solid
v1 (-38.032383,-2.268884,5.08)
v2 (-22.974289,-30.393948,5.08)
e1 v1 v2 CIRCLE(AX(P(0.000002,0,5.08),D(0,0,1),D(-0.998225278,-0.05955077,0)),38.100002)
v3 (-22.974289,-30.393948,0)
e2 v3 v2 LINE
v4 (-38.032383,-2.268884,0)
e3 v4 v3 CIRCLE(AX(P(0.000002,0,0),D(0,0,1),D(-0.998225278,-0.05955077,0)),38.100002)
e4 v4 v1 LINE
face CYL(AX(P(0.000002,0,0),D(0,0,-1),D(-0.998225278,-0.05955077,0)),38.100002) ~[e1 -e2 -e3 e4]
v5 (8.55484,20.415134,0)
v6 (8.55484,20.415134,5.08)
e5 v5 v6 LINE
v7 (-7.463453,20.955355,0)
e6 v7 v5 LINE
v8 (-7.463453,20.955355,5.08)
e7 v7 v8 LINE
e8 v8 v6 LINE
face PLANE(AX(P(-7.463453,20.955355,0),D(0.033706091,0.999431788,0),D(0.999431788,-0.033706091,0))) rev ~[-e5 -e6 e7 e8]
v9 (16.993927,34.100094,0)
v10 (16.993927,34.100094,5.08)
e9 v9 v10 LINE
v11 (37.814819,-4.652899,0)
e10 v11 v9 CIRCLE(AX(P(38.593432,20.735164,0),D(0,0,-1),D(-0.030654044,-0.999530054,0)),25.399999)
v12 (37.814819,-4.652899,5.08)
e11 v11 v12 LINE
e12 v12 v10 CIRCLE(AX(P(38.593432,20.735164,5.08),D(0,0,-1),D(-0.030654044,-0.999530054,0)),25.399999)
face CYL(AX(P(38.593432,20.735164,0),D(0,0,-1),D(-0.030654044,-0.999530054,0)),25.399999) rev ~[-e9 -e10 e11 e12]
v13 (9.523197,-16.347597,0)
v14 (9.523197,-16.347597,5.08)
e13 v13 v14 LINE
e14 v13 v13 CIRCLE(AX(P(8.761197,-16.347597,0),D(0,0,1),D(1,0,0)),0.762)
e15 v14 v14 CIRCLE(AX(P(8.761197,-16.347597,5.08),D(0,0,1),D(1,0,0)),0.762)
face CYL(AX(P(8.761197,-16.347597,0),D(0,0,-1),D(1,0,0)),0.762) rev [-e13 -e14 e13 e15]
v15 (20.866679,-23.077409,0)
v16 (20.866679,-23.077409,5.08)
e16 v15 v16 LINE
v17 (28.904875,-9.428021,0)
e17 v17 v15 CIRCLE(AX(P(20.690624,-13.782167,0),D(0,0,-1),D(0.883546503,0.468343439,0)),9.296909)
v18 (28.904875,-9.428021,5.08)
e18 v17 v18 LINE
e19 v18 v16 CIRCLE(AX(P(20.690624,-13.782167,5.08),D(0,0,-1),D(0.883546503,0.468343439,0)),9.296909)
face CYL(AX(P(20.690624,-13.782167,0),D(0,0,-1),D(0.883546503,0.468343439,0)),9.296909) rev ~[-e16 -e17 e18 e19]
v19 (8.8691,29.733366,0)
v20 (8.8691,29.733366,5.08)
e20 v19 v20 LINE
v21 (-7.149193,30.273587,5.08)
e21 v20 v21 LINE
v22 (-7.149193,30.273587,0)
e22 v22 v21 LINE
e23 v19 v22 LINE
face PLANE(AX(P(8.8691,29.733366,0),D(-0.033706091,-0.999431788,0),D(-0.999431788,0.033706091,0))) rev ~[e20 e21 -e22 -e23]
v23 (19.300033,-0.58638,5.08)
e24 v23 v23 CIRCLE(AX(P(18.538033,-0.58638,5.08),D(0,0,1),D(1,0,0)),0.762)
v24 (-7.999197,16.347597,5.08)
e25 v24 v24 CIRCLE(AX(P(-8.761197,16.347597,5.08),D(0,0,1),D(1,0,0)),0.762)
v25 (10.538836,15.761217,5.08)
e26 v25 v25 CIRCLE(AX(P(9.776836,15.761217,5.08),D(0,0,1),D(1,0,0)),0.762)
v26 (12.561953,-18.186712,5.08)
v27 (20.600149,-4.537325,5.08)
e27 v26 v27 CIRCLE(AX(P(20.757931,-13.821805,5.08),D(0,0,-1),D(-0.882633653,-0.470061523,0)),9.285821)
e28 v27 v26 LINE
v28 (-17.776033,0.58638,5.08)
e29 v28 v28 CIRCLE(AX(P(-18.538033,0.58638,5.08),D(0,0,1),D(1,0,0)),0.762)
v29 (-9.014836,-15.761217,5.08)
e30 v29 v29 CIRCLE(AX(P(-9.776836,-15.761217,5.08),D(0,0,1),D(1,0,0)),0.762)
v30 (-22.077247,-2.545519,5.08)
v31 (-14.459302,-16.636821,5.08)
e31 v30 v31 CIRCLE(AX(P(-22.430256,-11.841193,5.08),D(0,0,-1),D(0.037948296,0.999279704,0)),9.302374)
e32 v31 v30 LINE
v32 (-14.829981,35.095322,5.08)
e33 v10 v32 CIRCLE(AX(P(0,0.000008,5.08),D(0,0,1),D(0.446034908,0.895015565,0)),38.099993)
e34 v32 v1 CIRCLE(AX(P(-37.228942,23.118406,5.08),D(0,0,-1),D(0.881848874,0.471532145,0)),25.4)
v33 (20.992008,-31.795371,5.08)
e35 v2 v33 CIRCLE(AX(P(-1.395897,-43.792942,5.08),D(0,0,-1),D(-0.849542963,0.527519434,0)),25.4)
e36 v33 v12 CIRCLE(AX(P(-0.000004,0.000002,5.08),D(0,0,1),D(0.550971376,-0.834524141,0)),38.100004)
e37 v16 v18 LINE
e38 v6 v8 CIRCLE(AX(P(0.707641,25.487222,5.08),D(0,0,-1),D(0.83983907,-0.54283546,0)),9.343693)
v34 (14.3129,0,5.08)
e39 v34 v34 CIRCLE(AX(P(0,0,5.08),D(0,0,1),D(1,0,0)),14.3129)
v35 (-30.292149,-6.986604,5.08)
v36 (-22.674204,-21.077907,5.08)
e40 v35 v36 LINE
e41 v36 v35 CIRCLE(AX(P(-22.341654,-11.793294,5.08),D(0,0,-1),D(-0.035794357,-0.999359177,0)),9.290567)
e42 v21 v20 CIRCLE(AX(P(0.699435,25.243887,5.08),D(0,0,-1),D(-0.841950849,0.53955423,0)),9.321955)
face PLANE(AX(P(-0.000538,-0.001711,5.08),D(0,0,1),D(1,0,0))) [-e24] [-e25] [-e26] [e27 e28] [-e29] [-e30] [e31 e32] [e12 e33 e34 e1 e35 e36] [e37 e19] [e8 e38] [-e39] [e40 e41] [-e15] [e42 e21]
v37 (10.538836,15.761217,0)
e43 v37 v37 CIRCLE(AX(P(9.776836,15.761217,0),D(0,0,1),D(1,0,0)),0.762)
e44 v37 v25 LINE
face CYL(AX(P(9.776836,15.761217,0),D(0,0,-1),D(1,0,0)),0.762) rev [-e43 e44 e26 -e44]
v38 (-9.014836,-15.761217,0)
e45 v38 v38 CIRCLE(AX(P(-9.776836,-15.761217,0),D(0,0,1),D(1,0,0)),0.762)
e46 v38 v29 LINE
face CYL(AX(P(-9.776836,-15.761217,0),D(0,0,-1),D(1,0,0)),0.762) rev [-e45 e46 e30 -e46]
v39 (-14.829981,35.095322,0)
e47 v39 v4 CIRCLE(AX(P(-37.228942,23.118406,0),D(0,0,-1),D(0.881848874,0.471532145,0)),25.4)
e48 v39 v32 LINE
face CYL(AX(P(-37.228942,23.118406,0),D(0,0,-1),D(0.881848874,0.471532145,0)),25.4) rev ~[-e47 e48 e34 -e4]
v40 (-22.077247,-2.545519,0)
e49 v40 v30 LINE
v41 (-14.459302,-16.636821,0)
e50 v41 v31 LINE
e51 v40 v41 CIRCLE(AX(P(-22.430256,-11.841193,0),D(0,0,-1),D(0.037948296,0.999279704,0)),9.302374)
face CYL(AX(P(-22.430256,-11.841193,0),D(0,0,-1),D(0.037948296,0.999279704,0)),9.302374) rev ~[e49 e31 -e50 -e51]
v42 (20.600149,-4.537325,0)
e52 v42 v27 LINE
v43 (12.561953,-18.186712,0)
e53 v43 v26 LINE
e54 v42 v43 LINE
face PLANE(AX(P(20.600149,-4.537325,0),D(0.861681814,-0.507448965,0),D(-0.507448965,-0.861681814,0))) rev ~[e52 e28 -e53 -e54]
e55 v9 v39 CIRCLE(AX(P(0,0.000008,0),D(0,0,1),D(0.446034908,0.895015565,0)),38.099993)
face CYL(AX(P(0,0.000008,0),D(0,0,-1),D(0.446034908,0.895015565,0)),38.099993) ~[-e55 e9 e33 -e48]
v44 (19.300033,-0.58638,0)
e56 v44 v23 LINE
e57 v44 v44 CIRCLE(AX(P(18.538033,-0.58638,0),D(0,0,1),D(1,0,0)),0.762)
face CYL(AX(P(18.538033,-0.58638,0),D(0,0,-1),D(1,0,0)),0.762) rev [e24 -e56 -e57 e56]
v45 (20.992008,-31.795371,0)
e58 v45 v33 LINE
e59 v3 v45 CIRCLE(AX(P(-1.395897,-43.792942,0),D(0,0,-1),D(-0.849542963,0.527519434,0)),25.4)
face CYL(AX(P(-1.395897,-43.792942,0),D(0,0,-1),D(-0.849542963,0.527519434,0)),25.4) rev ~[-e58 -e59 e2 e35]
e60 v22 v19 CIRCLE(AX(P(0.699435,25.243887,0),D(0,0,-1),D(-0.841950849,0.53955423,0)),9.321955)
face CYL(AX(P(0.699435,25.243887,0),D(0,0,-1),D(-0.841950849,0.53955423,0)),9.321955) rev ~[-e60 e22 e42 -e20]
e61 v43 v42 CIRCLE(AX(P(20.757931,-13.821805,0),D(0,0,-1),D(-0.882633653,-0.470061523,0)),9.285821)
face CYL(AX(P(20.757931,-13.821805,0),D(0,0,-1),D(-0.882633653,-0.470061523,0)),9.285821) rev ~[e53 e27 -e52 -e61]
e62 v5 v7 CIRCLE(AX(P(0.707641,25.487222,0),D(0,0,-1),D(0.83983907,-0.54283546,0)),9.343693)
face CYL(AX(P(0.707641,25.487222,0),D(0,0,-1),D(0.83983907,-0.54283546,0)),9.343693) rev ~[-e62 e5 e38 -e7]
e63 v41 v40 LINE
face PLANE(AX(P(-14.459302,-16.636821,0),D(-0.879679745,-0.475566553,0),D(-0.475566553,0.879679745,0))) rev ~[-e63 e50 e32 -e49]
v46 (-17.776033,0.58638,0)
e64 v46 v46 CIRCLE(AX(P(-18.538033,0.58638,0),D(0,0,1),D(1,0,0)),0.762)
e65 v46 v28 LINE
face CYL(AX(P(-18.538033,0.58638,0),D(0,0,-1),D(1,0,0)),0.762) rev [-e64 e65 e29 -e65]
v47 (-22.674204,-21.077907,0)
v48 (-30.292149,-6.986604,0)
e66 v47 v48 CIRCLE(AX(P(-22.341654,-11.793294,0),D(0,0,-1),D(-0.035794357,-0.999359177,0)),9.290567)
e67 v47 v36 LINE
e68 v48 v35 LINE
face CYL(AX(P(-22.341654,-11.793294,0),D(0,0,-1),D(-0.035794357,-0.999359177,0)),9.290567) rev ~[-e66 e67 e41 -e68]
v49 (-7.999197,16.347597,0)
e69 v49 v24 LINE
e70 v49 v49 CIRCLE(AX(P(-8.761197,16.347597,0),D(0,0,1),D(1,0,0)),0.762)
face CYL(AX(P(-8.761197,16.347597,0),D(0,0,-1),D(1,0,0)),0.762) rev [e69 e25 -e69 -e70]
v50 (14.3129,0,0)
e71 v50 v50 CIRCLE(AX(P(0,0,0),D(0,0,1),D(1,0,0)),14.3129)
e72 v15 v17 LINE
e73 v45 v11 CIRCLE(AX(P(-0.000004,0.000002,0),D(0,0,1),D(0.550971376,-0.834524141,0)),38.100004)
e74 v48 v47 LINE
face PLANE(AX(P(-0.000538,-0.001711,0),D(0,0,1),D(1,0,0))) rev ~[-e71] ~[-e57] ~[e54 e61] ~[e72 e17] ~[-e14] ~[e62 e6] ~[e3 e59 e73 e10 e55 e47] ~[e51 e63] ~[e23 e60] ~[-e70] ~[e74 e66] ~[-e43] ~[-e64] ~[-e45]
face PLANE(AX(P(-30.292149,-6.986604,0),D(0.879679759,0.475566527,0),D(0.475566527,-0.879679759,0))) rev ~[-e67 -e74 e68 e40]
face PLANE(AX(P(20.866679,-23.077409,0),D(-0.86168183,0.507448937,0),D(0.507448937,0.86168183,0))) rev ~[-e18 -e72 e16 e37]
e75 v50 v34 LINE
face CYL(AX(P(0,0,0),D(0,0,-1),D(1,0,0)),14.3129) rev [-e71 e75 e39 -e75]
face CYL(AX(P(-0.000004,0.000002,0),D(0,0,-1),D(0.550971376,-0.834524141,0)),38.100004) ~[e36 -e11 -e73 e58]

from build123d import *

# Parameters (mm, degrees)
F0_R     = 0.762
F0_R_2   = 14.3129
F1_DEPTH = 5.08


with BuildPart() as f1:
    # F0 (on Top) → F1 (new body)
    with BuildSketch(Plane.XY):
        with BuildLine():
            ThreePointArc((37.814819, -4.652899), (16.218364, 8.71367), (16.993927, 34.100094))
            ThreePointArc((16.993927, 34.100094), (1.190918, 38.081383), (-14.829981, 35.095322))
            ThreePointArc((-14.829981, 35.095322), (-15.650884, 9.718876), (-38.032383, -2.268884))
            ThreePointArc((-38.032383, -2.268884), (-33.588812, -17.983373), (-22.974289, -30.393948))
            ThreePointArc((-22.974289, -30.393948), (-0.586685, -18.405835), (20.992008, -31.795371))
            ThreePointArc((20.992008, -31.795371), (32.384242, -20.071643), (37.814819, -4.652899))
        make_face()
        with BuildLine():
            ThreePointArc((-22.674204, -21.077907), (-30.514378, -16.211576), (-30.292149, -6.986604))
            Line((-30.292149, -6.986604), (-22.674204, -21.077907))
        make_face(mode=Mode.SUBTRACT)
        with Locations((-9.776836, -15.761217)):
            Circle(F0_R, mode=Mode.SUBTRACT)
        with BuildLine():
            ThreePointArc((-22.077247, -2.545519), (-14.247146, -7.417295), (-14.459302, -16.636821))
            Line((-14.459302, -16.636821), (-22.077247, -2.545519))
        make_face(mode=Mode.SUBTRACT)
        with Locations((8.761197, -16.347597)):
            Circle(F0_R, mode=Mode.SUBTRACT)
        with BuildLine():
            ThreePointArc((12.561953, -18.186712), (12.756508, -9.109725), (20.600149, -4.537325))
            Line((20.600149, -4.537325), (12.561953, -18.186712))
        make_face(mode=Mode.SUBTRACT)
        with Locations((18.538033, -0.58638)):
            Circle(F0_R, mode=Mode.SUBTRACT)
        with BuildLine():
            Line((20.866679, -23.077409), (28.904875, -9.428021))
            ThreePointArc((28.904875, -9.428021), (28.701601, -18.499874), (20.866679, -23.077409))
        make_face(mode=Mode.SUBTRACT)
        with Locations((-18.538033, 0.58638)):
            Circle(F0_R, mode=Mode.SUBTRACT)
        with Locations((-8.761197, 16.347597)):
            Circle(F0_R, mode=Mode.SUBTRACT)
        Circle(F0_R_2, mode=Mode.SUBTRACT)
        with BuildLine():
            ThreePointArc((8.55484, 20.415134), (0.392702, 16.148838), (-7.463453, 20.955355))
            Line((-7.463453, 20.955355), (8.55484, 20.415134))
        make_face(mode=Mode.SUBTRACT)
        with Locations((9.776836, 15.761217)):
            Circle(F0_R, mode=Mode.SUBTRACT)
        with BuildLine():
            Line((8.8691, 29.733366), (-7.149193, 30.273587))
            ThreePointArc((-7.149193, 30.273587), (1.013642, 34.560545), (8.8691, 29.733366))
        make_face(mode=Mode.SUBTRACT)
    extrude(amount=F1_DEPTH)


solid = f1.part
